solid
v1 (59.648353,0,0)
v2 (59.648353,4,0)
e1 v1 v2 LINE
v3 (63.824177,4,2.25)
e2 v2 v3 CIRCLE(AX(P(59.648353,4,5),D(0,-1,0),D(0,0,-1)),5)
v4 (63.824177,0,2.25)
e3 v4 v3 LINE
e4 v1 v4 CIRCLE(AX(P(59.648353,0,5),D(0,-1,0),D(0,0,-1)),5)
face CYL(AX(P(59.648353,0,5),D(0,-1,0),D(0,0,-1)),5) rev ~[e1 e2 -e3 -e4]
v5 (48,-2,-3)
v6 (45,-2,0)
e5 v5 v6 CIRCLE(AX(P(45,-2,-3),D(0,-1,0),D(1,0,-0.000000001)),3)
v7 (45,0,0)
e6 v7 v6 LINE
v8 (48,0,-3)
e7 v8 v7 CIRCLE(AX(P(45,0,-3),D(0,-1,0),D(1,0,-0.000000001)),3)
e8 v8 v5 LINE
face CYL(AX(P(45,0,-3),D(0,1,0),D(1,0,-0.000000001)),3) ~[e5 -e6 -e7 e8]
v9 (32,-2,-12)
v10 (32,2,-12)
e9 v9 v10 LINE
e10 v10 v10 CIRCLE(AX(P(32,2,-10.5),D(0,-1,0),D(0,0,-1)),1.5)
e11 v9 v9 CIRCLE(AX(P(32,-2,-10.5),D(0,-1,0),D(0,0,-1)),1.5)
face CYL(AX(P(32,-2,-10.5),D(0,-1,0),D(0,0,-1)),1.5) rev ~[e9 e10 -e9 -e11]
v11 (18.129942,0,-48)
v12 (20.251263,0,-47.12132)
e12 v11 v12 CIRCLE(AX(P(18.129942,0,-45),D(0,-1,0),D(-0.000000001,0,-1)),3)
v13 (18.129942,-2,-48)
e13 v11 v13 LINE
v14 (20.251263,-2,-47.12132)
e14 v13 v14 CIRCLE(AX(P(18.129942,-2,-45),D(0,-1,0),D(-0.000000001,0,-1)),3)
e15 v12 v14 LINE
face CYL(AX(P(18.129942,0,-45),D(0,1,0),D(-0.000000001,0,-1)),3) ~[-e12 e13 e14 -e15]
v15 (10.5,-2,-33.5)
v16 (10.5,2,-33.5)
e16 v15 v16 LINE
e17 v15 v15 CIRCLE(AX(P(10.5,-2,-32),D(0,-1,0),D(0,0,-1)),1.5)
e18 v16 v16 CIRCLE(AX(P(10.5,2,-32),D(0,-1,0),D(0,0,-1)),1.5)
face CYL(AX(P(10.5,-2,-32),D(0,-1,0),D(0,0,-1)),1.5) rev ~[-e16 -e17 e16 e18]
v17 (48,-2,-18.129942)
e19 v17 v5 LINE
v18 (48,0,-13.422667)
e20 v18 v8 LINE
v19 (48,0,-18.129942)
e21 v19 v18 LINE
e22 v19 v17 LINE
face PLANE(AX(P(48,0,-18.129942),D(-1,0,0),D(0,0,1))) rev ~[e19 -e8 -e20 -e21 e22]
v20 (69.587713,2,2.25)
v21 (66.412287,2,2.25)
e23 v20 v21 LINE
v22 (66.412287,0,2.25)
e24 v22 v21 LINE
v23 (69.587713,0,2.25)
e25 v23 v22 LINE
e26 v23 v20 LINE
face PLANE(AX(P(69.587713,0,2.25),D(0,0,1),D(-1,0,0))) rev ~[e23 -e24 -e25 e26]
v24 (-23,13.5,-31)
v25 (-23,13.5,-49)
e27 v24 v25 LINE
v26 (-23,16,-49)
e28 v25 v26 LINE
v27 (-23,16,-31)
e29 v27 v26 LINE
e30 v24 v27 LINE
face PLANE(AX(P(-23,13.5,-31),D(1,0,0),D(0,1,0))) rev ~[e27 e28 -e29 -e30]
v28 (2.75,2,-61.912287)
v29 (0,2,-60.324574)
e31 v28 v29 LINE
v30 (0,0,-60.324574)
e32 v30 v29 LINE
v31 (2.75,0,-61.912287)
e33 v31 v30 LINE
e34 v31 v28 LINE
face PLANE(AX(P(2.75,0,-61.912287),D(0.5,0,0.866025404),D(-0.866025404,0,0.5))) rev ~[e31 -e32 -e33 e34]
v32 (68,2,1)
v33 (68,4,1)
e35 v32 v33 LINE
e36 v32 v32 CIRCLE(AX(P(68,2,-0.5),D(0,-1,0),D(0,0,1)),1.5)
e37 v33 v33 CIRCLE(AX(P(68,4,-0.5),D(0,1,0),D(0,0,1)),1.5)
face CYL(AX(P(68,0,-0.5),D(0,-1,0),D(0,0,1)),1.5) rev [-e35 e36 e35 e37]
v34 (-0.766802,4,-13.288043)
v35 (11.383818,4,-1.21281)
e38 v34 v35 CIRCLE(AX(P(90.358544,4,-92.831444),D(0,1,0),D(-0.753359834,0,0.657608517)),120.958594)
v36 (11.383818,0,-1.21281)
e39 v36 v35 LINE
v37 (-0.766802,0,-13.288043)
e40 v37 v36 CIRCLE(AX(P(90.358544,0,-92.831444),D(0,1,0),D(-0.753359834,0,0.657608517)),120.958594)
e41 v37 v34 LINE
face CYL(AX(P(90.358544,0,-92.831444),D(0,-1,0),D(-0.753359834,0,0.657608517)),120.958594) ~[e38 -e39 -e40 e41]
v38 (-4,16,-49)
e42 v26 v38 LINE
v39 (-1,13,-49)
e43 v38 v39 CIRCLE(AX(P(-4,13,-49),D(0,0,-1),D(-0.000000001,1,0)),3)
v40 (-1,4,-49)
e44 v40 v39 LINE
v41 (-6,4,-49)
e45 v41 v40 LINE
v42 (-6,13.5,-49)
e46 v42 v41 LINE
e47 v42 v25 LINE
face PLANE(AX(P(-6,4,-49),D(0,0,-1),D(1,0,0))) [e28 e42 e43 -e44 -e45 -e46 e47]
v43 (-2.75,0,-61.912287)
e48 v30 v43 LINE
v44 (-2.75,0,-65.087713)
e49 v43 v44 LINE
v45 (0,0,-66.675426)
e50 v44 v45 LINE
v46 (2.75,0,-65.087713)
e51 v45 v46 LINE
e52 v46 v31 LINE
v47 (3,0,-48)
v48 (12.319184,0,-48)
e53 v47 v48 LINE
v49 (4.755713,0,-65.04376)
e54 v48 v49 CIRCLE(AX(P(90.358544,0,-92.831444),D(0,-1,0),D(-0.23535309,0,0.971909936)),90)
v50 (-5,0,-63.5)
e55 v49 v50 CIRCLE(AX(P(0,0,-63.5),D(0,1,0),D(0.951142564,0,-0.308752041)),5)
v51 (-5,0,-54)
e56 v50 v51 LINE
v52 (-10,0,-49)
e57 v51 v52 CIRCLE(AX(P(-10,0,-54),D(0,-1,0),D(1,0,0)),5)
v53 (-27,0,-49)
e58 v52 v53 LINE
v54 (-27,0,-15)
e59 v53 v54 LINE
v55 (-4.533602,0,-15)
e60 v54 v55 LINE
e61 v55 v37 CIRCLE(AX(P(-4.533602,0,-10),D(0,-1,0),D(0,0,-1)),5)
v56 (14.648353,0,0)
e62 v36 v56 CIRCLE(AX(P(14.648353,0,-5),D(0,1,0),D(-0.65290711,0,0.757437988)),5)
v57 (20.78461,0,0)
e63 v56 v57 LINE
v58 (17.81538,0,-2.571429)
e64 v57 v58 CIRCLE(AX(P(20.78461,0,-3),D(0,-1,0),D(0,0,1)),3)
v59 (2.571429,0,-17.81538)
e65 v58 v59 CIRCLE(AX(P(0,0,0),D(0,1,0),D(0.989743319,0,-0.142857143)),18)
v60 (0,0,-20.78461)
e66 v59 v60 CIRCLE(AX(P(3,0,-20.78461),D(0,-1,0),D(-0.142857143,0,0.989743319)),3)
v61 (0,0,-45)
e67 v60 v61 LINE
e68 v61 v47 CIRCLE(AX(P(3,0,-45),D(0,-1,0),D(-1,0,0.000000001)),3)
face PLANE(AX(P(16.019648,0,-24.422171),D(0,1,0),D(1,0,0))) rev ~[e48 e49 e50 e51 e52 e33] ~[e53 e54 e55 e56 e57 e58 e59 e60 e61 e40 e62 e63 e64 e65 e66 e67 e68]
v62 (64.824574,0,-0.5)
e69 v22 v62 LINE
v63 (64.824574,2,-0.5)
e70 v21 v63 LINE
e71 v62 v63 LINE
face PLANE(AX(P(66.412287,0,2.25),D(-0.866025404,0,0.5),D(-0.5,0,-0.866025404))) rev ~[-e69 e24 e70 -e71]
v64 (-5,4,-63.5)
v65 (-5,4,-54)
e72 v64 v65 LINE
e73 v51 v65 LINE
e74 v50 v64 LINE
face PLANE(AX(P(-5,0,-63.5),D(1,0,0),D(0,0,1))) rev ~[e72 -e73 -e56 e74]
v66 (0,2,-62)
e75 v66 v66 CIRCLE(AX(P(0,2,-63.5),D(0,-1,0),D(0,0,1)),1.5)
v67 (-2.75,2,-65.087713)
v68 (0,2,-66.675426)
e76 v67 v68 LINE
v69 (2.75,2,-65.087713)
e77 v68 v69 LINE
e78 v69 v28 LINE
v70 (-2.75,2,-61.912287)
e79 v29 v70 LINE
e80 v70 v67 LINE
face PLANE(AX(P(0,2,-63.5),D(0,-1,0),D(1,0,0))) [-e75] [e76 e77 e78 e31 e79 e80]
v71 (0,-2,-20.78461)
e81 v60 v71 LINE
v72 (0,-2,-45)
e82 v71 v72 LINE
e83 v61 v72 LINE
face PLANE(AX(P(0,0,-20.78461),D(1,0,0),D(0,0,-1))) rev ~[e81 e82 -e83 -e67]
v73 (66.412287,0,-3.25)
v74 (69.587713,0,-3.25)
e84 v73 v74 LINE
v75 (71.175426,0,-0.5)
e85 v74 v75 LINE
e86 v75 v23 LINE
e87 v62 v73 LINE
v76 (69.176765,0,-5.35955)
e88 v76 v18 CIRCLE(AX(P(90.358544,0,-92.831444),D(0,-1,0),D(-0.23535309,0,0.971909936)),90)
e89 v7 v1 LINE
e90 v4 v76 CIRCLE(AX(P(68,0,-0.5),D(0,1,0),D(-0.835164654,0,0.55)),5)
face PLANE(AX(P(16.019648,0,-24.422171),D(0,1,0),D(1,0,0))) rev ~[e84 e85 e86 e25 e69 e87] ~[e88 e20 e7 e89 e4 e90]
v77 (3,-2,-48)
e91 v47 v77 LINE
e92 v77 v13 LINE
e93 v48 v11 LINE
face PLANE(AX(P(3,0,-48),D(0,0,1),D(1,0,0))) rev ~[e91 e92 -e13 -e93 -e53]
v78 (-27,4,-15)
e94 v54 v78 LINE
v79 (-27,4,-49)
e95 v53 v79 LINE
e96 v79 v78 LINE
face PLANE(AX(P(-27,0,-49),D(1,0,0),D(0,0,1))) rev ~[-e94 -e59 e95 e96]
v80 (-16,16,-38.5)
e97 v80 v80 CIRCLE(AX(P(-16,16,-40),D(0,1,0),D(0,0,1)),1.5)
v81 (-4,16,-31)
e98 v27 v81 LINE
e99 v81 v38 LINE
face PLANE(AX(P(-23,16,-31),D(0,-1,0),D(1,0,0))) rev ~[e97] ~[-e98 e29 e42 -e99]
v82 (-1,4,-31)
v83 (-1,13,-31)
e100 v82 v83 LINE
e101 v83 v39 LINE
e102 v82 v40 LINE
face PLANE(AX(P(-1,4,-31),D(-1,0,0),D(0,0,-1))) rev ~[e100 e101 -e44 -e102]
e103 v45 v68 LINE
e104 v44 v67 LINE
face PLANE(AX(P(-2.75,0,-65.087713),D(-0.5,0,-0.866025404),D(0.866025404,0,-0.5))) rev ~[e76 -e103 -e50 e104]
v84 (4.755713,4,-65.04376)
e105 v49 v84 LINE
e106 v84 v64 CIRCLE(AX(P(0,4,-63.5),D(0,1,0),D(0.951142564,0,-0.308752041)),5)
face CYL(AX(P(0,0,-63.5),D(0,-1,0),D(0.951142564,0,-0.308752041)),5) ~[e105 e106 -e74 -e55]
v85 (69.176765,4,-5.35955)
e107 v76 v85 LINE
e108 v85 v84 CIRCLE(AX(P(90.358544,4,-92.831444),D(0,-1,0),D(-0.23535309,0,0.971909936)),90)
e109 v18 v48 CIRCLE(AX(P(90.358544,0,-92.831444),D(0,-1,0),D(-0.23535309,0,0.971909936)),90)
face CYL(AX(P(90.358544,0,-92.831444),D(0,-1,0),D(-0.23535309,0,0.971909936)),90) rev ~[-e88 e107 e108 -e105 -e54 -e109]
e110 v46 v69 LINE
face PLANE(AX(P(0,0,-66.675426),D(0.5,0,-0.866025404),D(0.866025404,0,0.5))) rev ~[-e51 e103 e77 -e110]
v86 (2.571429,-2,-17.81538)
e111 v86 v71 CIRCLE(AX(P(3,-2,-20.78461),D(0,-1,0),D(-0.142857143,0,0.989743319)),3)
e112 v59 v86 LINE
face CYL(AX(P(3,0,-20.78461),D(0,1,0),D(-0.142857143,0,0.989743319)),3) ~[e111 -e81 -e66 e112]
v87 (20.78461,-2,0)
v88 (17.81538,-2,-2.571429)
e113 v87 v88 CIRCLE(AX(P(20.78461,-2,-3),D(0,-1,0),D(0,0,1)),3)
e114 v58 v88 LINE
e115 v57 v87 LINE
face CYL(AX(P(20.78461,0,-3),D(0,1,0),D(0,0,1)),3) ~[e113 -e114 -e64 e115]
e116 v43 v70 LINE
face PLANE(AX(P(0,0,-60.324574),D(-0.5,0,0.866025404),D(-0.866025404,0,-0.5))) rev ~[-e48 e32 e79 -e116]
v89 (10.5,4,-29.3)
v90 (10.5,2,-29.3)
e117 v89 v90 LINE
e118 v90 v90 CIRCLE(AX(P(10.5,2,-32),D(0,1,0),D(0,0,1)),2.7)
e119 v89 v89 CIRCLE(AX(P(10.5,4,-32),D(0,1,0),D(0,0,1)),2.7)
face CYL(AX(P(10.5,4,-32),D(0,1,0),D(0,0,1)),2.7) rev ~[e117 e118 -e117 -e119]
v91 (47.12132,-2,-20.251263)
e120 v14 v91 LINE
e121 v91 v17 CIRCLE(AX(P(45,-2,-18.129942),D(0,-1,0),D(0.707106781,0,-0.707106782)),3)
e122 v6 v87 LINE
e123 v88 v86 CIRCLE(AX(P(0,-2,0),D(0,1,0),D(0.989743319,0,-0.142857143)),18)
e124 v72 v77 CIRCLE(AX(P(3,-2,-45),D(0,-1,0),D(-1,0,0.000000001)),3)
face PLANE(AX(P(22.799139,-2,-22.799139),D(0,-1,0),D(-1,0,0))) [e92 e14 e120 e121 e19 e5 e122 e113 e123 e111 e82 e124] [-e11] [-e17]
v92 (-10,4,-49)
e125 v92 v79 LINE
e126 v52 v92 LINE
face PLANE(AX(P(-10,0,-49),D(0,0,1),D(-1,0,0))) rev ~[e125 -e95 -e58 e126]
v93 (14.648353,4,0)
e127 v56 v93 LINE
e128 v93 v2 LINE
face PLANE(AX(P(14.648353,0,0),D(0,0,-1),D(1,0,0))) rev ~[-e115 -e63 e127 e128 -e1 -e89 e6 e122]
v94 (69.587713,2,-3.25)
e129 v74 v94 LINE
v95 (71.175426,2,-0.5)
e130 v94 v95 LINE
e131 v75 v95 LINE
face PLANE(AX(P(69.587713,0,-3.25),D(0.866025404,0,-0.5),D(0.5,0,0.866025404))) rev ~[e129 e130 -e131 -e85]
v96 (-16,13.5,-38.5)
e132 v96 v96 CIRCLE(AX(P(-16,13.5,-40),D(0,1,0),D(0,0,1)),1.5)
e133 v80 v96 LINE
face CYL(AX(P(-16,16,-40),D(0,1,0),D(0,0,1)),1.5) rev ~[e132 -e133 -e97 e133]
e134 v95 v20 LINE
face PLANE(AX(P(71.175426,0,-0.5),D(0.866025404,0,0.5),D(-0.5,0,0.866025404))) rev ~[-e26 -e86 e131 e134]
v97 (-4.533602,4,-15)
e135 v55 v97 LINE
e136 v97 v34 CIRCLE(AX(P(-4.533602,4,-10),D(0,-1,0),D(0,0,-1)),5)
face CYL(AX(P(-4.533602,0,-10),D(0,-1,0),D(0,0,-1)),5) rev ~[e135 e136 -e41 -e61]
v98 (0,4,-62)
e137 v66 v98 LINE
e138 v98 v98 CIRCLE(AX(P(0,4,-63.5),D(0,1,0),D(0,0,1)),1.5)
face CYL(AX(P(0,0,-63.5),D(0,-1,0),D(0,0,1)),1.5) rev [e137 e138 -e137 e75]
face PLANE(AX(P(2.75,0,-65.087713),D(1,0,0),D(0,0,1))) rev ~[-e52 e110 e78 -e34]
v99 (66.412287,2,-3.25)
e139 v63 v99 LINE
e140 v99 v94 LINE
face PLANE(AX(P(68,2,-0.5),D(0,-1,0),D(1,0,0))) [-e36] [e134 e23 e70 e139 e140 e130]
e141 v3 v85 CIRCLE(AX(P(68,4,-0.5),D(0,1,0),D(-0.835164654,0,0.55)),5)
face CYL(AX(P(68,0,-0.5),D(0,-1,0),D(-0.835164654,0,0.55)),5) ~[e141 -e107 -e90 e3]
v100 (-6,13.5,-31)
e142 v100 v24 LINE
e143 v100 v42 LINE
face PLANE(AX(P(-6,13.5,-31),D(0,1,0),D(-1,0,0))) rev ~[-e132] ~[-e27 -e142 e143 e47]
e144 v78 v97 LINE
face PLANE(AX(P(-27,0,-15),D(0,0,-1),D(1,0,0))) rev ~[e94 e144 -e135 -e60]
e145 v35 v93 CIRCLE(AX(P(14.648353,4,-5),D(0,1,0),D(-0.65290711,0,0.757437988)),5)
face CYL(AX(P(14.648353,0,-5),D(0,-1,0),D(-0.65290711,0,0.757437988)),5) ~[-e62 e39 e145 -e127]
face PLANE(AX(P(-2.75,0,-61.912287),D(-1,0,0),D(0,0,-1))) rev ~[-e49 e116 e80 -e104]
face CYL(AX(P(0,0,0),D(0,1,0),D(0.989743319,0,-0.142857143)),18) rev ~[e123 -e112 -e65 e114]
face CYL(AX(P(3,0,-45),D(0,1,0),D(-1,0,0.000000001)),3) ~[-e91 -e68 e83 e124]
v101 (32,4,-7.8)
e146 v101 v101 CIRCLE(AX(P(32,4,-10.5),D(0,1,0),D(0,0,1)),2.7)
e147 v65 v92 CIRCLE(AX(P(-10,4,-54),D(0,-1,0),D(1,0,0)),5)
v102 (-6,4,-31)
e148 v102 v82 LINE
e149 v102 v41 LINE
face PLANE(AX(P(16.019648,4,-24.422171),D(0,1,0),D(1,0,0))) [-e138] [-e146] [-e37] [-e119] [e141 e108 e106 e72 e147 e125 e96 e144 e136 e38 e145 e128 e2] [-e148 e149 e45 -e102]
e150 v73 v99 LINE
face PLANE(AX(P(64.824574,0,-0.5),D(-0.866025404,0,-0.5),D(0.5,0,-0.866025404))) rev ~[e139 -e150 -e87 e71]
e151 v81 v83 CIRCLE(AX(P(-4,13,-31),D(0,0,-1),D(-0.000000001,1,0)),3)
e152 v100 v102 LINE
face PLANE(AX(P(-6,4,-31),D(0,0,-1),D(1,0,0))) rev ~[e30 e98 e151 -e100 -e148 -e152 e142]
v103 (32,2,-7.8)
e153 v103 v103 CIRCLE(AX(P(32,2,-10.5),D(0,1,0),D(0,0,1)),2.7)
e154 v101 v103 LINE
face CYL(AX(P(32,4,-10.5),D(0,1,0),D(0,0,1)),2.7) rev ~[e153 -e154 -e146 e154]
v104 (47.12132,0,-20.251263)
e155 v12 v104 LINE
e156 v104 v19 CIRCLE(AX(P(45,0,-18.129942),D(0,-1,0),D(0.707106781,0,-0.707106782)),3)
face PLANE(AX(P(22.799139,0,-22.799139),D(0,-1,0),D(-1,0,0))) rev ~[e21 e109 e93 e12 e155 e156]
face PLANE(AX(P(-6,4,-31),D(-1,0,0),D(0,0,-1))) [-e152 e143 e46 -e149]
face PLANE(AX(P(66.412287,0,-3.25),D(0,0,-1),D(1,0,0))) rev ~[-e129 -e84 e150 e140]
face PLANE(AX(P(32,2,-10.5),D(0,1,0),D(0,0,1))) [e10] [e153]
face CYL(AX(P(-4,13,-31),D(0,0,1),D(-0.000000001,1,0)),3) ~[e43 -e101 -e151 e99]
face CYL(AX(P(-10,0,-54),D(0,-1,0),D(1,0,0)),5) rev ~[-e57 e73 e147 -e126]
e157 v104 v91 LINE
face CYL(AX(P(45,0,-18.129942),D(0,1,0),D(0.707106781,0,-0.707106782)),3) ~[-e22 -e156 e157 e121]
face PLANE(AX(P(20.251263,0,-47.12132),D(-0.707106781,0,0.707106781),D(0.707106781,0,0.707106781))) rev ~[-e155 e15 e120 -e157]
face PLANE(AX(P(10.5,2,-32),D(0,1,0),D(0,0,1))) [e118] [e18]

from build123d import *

# Parameters (mm, degrees)
SALIENTE_EXTRUIR2_DEPTH = 2
CROQUIS4_R              = 1.5
SALIENTE_EXTRUIR3_DEPTH = 4
CROQUIS6_R              = 1.5
CORTAR_EXTRUIR1_DEPTH   = 44
CROQUIS7_R              = 2.7
CORTAR_EXTRUIR2_DEPTH   = 2
CORTAR_EXTRUIR3_DEPTH   = 2
CORTAR_EXTRUIR4_DEPTH   = 2
CROQUIS10_W             = 5
CROQUIS10_H             = 18
SALIENTE_EXTRUIR4_DEPTH = 2
SALIENTE_EXTRUIR5_DEPTH = 18
CROQUIS12_R             = 1.5
CORTAR_EXTRUIR5_DEPTH   = 5


with BuildPart() as part:
    # Croquis1 → Saliente-Extruir2 (new body)
    with BuildSketch(Plane(origin=(0, 0, 0), x_dir=(1, 0, 0), z_dir=(0, 1, 0))):
        with BuildLine():
            Line((3, 48), (18.129942315, 48))
            ThreePointArc((18.129942315, 48), (19.277992612, 47.771638598), (20.251262658, 47.121320344))
            Line((20.251262658, 47.121320344), (47.121320344, 20.251262658))
            ThreePointArc((47.121320344, 20.251262658), (47.771638598, 19.277992612), (48, 18.129942315))
            Line((48, 18.129942315), (48, 3))
            ThreePointArc((48, 3), (47.121320344, 0.878679656), (45, 0))
            Line((45, 0), (20.784609691, 0))
            ThreePointArc((20.784609691, 0), (18.820648679, 0.732213162), (17.815379735, 2.571428571))
            ThreePointArc((17.815379735, 2.571428571), (12.727922061, 12.727922061), (2.571428571, 17.815379735))
            ThreePointArc((2.571428571, 17.815379735), (0.732213162, 18.820648679), (0, 20.784609691))
            Line((0, 20.784609691), (0, 45))
            ThreePointArc((0, 45), (0.878679656, 47.121320344), (3, 48))
        make_face()
    extrude(amount=-SALIENTE_EXTRUIR2_DEPTH)

    # Croquis4 → Saliente-Extruir3 (add)
    with BuildSketch(Plane(origin=(0, 0, 0), x_dir=(1, 0, 0), z_dir=(0, 1, 0))):
        with BuildLine():
            Line((14.648353456, 0), (59.648353456, 0))
            ThreePointArc((59.648353456, 0), (62.020061701, -0.598295785), (63.824176728, -2.25))
            ThreePointArc((63.824176728, -2.25), (72.089608603, -2.37664761), (69.176765452, 5.359549678))
            ThreePointArc((69.176765452, 5.359549678), (29.192462946, 26.810912386), (4.755712821, 65.043760204))
            ThreePointArc((4.755712821, 65.043760204), (-0.781484452, 68.438550602), (-5, 63.5))
            Line((-5, 63.5), (-5, 54))
            ThreePointArc((-5, 54), (-6.464466094, 50.464466094), (-10, 49))
            Line((-10, 49), (-27, 49))
            Line((-27, 49), (-27, 15))
            Line((-27, 15), (-4.533601503, 15))
            ThreePointArc((-4.533601503, 15), (-2.464811146, 14.551934364), (-0.766802335, 13.288042583))
            ThreePointArc((-0.766802335, 13.288042583), (5.094474955, 7.035057245), (11.383817909, 1.212810057))
            ThreePointArc((11.383817909, 1.212810057), (12.907082327, 0.312999375), (14.648353456, 0))
        make_face()
        with Locations(Location((0, 63.5, 0), (0, 0, 270))):
            Circle(CROQUIS4_R, mode=Mode.SUBTRACT)
        with Locations(Location((68, 0.5, 0), (0, 0, 270))):
            Circle(CROQUIS4_R, mode=Mode.SUBTRACT)
    extrude(amount=SALIENTE_EXTRUIR3_DEPTH)

    # Croquis6 → Cortar-Extruir1 (cut)
    with BuildSketch(Plane.XZ.offset(2)):
        with Locations(Location((10.5, -32, 0), (0, 0, 270))):
            Circle(CROQUIS6_R)
        with Locations(Location((32, -10.5, 0), (0, 0, 270))):
            Circle(CROQUIS6_R)
    extrude(amount=-CORTAR_EXTRUIR1_DEPTH, mode=Mode.SUBTRACT)

    # Croquis7 → Cortar-Extruir2 (cut)
    with BuildSketch(Plane(origin=(0, 4, 0), x_dir=(1, 0, 0), z_dir=(0, 1, 0))):
        with Locations(Location((10.5, 32, 0), (0, 0, 270))):
            Circle(CROQUIS7_R)
        with Locations(Location((32, 10.5, 0), (0, 0, 270))):
            Circle(CROQUIS7_R)
    extrude(amount=-CORTAR_EXTRUIR2_DEPTH, mode=Mode.SUBTRACT)

    # Croquis8 → Cortar-Extruir3 (cut)
    with BuildSketch(Plane.XZ):
        Polygon((0, -60.324573519), (-2.75, -61.91228676), (-2.75, -65.08771324), (0, -66.675426481), (2.75, -65.08771324), (2.75, -61.91228676), align=None)
    extrude(amount=-CORTAR_EXTRUIR3_DEPTH, mode=Mode.SUBTRACT)

    # Croquis9 → Cortar-Extruir4 (cut)
    with BuildSketch(Plane.XZ):
        Polygon((64.824573519, -0.5), (66.41228676, -3.25), (69.58771324, -3.25), (71.175426481, -0.5), (69.58771324, 2.25), (66.41228676, 2.25), align=None)
    extrude(amount=-CORTAR_EXTRUIR4_DEPTH, mode=Mode.SUBTRACT)

    # Croquis10 → Saliente-Extruir4 (add)
    with BuildSketch(Plane(origin=(0, 4, 0), x_dir=(1, 0, 0), z_dir=(0, 1, 0))):
        with Locations((-3.5, 40)):
            Rectangle(CROQUIS10_W, CROQUIS10_H)
    extrude(amount=SALIENTE_EXTRUIR4_DEPTH)

    # Croquis11 → Saliente-Extruir5 (add)
    with BuildSketch(Plane.XY.offset(-31)):
        with BuildLine():
            Line((-6, 4), (-6, 13.5))
            Line((-6, 13.5), (-23, 13.5))
            Line((-23, 13.5), (-23, 16))
            Line((-23, 16), (-4, 16))
            ThreePointArc((-4, 16), (-1.878679656, 15.121320344), (-1, 13))
            Line((-1, 13), (-1, 4))
            Line((-1, 4), (-6, 4))
        make_face()
    extrude(amount=-SALIENTE_EXTRUIR5_DEPTH)

    # Croquis12 → Cortar-Extruir5 (cut)
    with BuildSketch(Plane(origin=(0, 16, 0), x_dir=(1, 0, 0), z_dir=(0, 1, 0))):
        with Locations(Location((-16, 40, 0), (0, 0, 270))):
            Circle(CROQUIS12_R)
    extrude(amount=-CORTAR_EXTRUIR5_DEPTH, mode=Mode.SUBTRACT)


solid = part.part
